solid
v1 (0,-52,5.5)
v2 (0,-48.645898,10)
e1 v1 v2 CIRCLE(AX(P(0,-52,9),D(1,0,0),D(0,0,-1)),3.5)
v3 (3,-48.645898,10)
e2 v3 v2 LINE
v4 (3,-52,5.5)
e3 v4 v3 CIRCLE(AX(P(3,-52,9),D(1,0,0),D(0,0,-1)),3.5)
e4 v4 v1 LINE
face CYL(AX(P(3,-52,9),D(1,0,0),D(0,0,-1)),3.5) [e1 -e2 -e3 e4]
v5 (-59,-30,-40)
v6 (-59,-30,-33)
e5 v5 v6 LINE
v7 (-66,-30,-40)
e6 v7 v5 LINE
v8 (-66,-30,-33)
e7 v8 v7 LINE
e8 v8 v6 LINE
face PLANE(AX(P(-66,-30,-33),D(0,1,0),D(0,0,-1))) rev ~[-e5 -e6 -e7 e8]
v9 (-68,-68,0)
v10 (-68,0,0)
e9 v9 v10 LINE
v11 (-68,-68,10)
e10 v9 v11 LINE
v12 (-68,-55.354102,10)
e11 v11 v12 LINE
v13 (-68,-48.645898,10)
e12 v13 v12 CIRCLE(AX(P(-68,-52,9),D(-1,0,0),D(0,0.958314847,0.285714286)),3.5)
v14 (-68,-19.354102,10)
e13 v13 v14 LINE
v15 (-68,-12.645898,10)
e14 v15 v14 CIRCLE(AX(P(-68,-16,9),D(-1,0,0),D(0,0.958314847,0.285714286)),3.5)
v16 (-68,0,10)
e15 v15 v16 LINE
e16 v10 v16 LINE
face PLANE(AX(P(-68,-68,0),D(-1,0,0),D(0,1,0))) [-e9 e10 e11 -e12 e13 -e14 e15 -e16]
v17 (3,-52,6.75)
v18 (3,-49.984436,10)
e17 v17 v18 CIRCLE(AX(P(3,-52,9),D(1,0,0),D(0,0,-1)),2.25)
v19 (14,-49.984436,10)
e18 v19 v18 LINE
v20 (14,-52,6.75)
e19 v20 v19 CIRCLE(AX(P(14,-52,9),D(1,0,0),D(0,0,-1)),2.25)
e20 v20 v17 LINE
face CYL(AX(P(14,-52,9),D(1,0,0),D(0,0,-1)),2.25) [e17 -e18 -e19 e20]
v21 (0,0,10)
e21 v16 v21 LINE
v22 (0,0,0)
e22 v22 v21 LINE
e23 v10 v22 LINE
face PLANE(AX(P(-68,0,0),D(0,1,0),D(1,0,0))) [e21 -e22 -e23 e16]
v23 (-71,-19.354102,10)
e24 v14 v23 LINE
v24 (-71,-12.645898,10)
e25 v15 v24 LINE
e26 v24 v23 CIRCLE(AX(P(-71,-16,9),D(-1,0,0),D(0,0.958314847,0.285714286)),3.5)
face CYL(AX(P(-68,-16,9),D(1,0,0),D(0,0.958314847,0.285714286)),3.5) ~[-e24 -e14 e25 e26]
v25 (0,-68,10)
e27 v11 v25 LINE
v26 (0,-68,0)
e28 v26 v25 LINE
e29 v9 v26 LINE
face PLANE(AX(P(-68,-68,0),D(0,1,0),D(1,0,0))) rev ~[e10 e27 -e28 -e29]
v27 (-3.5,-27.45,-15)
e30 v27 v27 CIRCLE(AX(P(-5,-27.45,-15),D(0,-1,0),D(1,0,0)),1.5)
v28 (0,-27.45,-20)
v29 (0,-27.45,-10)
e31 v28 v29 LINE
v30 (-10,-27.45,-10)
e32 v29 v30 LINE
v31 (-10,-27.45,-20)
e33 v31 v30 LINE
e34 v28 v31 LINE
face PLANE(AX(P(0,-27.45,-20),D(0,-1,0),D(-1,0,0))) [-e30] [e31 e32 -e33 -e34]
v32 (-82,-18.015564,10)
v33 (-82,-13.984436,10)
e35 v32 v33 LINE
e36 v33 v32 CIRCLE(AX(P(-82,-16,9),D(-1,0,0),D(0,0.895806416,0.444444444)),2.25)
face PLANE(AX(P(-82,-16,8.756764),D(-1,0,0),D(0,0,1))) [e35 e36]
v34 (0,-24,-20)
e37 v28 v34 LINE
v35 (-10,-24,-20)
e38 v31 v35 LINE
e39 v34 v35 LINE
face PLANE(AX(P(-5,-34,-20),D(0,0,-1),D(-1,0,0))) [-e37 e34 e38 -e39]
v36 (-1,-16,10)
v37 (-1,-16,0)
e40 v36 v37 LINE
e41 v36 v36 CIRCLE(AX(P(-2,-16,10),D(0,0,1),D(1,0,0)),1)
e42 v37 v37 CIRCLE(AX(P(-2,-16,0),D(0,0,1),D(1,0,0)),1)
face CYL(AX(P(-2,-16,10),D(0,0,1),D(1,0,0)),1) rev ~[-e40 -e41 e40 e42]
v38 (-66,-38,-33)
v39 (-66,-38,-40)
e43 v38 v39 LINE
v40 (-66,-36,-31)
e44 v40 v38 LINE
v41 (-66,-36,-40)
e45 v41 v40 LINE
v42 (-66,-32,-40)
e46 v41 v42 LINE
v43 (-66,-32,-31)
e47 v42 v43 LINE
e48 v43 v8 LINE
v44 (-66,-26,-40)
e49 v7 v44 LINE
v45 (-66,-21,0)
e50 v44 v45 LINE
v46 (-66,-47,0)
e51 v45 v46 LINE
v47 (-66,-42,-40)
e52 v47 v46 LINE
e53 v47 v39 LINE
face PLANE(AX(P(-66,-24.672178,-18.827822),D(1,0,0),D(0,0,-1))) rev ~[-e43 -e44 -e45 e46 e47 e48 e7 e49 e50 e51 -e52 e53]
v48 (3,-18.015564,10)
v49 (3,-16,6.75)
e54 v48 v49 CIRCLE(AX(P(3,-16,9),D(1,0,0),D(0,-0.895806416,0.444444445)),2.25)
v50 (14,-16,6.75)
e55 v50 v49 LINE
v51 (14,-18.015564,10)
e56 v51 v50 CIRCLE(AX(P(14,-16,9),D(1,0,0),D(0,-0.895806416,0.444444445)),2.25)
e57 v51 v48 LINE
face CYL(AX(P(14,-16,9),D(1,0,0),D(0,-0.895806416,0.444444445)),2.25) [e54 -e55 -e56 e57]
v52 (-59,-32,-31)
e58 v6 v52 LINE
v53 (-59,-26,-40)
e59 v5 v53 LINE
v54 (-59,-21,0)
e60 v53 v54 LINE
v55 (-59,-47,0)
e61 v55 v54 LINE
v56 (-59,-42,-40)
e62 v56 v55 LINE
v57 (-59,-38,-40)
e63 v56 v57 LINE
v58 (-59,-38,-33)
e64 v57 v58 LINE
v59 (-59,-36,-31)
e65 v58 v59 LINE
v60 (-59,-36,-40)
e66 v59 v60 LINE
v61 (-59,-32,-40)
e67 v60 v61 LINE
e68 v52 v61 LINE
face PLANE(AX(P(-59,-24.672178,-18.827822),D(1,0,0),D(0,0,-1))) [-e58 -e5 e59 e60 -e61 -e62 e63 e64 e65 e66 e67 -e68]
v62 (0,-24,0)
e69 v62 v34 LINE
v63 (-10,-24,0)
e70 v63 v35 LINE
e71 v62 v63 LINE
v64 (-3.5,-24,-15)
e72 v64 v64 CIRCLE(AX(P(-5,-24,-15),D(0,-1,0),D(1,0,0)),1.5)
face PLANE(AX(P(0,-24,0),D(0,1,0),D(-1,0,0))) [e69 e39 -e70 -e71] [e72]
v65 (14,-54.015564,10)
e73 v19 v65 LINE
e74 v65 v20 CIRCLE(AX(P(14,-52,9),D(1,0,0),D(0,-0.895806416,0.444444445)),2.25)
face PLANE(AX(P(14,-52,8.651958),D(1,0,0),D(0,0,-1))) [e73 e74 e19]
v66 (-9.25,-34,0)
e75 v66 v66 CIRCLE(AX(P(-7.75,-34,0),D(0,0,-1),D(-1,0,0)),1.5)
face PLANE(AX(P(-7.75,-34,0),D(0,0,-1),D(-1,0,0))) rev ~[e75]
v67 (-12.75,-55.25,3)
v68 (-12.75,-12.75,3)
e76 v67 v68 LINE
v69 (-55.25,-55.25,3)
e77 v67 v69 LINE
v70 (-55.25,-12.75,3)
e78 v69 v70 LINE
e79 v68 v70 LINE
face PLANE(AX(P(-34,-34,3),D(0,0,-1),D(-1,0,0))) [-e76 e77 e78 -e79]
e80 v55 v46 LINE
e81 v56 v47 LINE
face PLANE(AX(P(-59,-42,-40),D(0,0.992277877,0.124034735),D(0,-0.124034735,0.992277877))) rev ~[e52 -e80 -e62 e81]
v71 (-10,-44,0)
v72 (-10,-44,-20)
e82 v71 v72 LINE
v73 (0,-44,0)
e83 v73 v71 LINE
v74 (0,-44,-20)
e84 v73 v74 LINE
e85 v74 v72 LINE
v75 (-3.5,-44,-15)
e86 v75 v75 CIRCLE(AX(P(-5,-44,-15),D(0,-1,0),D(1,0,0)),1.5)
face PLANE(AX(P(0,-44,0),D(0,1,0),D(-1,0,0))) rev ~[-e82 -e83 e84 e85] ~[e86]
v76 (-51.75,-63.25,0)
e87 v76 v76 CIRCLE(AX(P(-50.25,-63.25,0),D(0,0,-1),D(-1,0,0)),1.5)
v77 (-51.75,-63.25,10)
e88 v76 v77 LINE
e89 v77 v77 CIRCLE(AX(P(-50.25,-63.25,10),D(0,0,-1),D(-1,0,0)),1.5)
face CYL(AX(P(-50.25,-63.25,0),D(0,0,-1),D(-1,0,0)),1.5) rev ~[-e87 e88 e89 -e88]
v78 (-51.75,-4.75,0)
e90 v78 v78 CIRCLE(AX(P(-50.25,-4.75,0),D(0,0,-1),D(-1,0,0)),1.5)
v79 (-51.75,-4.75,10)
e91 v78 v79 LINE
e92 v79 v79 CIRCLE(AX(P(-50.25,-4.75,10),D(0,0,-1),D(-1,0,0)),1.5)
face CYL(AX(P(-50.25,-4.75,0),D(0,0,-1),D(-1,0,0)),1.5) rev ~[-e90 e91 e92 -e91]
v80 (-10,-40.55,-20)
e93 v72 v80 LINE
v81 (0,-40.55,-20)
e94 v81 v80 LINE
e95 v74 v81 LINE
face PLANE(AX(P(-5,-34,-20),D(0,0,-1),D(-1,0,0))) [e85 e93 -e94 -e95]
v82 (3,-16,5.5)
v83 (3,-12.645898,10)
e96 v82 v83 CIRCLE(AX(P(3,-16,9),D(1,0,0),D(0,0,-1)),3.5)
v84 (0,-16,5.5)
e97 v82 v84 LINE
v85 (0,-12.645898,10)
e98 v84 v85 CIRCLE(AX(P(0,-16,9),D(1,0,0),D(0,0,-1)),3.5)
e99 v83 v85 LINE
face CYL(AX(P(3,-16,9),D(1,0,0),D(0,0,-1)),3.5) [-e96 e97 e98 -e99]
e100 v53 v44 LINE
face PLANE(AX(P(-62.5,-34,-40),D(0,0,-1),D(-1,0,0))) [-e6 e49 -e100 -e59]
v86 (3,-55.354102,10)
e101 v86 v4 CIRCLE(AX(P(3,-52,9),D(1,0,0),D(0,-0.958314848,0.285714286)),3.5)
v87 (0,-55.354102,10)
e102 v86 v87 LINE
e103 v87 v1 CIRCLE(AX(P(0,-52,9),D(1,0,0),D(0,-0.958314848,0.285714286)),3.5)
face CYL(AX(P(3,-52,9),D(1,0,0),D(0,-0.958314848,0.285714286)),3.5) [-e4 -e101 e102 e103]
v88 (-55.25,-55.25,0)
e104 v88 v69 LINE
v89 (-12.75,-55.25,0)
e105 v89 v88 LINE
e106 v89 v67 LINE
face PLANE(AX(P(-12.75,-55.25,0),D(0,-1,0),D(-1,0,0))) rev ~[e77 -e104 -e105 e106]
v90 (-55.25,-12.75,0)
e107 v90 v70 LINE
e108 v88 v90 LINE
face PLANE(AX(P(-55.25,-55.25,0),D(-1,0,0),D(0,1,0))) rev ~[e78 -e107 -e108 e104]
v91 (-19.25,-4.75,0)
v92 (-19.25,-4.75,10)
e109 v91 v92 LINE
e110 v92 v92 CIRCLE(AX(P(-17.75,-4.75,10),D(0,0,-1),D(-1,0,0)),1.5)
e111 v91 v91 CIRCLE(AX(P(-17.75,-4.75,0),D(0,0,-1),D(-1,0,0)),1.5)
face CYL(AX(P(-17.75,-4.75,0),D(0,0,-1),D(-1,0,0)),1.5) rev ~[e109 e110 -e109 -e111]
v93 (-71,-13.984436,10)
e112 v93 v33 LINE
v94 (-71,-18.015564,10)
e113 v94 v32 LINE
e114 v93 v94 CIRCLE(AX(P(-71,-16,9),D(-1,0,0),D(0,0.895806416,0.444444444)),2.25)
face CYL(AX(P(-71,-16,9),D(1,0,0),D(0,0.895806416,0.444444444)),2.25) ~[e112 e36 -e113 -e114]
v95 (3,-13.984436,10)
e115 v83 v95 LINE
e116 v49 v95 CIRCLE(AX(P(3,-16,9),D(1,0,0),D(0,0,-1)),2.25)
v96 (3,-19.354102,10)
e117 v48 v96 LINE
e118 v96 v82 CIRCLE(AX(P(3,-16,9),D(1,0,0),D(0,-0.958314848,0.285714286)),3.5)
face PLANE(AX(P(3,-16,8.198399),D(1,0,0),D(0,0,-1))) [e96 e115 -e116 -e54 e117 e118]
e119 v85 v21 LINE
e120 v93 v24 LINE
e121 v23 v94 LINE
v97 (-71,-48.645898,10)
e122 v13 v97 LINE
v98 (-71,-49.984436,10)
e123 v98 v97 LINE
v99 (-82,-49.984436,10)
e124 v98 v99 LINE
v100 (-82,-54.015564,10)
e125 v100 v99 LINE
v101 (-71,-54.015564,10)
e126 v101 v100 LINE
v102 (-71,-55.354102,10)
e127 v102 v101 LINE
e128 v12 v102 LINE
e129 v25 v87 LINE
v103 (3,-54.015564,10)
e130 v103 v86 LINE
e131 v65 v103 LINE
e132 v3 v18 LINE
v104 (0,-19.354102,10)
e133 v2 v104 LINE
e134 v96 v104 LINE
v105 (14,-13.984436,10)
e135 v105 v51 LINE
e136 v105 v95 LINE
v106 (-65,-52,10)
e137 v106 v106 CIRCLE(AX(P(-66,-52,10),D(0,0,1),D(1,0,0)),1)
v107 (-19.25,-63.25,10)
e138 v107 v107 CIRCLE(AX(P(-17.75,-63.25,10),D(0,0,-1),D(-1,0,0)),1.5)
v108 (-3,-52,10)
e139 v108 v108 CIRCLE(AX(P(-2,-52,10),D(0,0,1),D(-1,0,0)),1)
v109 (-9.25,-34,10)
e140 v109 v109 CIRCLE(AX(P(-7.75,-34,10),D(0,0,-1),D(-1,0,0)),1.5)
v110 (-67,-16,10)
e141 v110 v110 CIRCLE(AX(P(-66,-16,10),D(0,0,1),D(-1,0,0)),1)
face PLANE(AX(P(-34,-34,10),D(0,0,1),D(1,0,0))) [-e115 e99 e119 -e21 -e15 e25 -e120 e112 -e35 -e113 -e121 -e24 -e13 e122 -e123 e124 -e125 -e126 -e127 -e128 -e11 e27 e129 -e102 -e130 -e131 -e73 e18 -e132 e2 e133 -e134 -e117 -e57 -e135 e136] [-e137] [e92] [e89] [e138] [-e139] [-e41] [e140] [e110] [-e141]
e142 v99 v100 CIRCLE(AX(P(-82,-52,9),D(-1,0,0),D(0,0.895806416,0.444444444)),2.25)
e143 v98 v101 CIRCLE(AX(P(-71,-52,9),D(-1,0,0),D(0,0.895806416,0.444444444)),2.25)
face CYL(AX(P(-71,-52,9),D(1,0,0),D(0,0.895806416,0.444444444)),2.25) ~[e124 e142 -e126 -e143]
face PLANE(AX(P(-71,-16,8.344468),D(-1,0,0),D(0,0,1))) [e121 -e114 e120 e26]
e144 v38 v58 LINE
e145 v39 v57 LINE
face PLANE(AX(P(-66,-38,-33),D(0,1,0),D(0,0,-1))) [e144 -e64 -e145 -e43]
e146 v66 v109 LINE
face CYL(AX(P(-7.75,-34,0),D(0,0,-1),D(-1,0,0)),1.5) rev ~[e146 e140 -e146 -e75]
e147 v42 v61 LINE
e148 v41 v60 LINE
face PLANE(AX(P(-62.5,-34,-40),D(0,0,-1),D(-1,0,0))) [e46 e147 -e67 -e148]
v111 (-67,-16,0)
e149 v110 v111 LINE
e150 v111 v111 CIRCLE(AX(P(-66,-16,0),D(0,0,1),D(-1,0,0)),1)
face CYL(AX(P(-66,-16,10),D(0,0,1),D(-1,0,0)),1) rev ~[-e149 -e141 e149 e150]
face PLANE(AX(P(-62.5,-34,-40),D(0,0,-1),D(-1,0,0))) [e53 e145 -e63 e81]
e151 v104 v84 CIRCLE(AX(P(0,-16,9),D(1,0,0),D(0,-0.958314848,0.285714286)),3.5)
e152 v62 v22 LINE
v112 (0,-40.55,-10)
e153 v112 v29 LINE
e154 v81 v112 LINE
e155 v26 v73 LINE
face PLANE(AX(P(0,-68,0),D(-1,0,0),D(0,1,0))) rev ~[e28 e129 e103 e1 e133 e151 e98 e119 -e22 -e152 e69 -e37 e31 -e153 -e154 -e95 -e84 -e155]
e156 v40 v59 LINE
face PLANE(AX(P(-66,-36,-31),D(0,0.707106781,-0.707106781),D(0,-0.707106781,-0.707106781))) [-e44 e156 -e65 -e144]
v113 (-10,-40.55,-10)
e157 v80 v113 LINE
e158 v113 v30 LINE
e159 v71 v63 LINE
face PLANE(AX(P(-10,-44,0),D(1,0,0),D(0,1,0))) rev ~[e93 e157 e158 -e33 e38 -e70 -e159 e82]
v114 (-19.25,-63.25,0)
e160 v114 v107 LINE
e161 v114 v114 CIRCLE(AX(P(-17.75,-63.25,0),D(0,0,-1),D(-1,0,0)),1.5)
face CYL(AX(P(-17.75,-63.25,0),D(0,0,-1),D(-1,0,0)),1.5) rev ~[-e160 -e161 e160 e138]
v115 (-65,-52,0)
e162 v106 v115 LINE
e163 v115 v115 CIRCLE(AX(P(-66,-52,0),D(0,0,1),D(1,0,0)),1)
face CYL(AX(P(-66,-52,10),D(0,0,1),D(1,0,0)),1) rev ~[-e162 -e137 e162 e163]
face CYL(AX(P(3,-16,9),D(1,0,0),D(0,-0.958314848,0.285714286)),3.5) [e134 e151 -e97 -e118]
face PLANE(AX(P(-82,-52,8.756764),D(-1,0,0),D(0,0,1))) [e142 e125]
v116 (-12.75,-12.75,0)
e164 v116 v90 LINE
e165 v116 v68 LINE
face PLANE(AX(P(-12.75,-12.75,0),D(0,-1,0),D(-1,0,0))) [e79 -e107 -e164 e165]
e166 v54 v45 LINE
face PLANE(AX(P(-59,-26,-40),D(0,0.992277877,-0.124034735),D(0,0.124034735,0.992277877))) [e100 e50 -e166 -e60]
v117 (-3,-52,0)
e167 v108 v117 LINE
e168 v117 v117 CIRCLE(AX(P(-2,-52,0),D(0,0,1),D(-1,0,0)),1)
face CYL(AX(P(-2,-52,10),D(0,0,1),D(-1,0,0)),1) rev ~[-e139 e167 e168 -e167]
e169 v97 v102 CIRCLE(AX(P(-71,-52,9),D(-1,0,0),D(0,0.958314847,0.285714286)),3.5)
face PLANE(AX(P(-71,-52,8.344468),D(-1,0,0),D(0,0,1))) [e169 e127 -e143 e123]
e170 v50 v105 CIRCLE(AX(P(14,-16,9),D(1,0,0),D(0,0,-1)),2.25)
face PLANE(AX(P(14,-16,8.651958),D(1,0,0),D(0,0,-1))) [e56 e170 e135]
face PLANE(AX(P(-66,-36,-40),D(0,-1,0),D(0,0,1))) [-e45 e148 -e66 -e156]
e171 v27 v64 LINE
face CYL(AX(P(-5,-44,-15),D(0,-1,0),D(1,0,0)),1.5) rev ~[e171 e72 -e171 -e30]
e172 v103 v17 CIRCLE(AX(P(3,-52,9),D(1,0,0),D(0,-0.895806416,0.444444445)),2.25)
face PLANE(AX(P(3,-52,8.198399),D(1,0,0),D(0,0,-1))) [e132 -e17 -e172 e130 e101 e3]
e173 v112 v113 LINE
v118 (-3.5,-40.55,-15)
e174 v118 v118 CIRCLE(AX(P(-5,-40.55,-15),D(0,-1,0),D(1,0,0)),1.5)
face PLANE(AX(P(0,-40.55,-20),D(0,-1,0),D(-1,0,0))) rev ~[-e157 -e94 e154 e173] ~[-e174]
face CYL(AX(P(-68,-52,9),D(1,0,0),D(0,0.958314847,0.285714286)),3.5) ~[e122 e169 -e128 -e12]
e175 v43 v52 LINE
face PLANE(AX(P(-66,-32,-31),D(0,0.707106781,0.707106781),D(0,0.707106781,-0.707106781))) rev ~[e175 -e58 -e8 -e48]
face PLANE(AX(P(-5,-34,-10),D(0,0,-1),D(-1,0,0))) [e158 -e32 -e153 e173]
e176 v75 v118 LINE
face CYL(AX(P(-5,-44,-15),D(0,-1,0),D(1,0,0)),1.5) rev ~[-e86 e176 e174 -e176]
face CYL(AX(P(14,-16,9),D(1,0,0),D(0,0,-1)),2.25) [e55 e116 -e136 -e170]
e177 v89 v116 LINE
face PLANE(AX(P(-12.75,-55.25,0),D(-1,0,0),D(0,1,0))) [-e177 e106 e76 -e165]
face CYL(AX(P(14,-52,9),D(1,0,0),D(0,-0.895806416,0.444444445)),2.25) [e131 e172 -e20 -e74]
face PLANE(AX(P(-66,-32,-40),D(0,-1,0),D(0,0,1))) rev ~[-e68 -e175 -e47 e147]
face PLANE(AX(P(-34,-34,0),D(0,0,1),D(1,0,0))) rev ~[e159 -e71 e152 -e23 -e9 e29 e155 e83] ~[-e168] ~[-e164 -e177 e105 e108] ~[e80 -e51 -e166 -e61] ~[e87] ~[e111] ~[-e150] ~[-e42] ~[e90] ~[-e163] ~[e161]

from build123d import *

# Parameters (mm, degrees)
SKETCH1_W           = 68
SKETCH1_H           = 68
BOSS_EXTRUDE1_DEPTH = 10
BOSS_EXTRUDE2_DEPTH = 3
BOSS_EXTRUDE3_DEPTH = 11
BOSS_EXTRUDE4_START = 3
BOSS_EXTRUDE4_DEPTH = 3
BOSS_EXTRUDE5_START = 11
BOSS_EXTRUDE5_DEPTH = 11
SKETCH6_W           = 42.5
SKETCH6_H           = 42.5
CUT_EXTRUDE1_DEPTH  = 3
SKETCH8_R           = 1.5
CUT_EXTRUDE2_DEPTH  = 15
SKETCH9_W           = 10
SKETCH9_H           = 20
BOSS_EXTRUDE6_DEPTH = 20
SKETCH10_R          = 1.5
CUT_EXTRUDE3_DEPTH  = 10
SKETCH11_R          = 1
CUT_EXTRUDE4_DEPTH  = 20
SKETCH13_W          = 7
SKETCH13_H          = 16
BOSS_EXTRUDE7_DEPTH = 40
CUT_EXTRUDE5_DEPTH  = 10
BOSS_EXTRUDE8_START = -7
BOSS_EXTRUDE8_DEPTH = 7
SKETCH17_W          = 10
SKETCH17_H          = 13.1
CUT_EXTRUDE6_DEPTH  = 10
SKETCH18_R          = 1.5
CUT_EXTRUDE7_DEPTH  = 30


with BuildPart() as part:
    # Sketch1 → Boss-Extrude1 (new body)
    with BuildSketch(Plane.XY):
        with Locations((-34, -34)):
            Rectangle(SKETCH1_W, SKETCH1_H)
    extrude(amount=BOSS_EXTRUDE1_DEPTH)

    # Sketch2 → Boss-Extrude2 (add)
    with BuildSketch(Plane.ZY.offset(68)):
        with BuildLine():
            Line((10, -19.354101966), (10, -12.645898034))
            ThreePointArc((10, -12.645898034), (5.5, -16), (10, -19.354101966))
        make_face()
        with BuildLine():
            Line((10, -55.354101966), (10, -48.645898034))
            ThreePointArc((10, -48.645898034), (5.5, -52), (10, -55.354101966))
        make_face()
    extrude(amount=BOSS_EXTRUDE2_DEPTH)

    # Sketch3 → Boss-Extrude3 (add)
    with BuildSketch(Plane.ZY.offset(71)):
        with BuildLine():
            ThreePointArc((10, -49.984435563), (6.75, -52), (10, -54.015564437))
            Line((10, -54.015564437), (10, -49.984435563))
        make_face()
        with BuildLine():
            ThreePointArc((10, -13.984435563), (6.75, -16), (10, -18.015564437))
            Line((10, -18.015564437), (10, -13.984435563))
        make_face()
    extrude(amount=BOSS_EXTRUDE3_DEPTH)

    # Sketch4 → Boss-Extrude4 (add)
    with BuildSketch(Plane(origin=(0, 0, 0), x_dir=(0, 0, -1), z_dir=(1, 0, 0)).offset(BOSS_EXTRUDE4_START)):
        with BuildLine():
            ThreePointArc((-5.5, -16), (-6.908349934, -13.19375696), (-10, -12.645898034))
            Line((-10, -12.645898034), (-10, -19.354101966))
            ThreePointArc((-10, -19.354101966), (-6.908349934, -18.80624304), (-5.5, -16))
        make_face()
        with BuildLine():
            ThreePointArc((-5.5, -52), (-6.908349934, -49.19375696), (-10, -48.645898034))
            Line((-10, -48.645898034), (-10, -55.354101966))
            ThreePointArc((-10, -55.354101966), (-6.908349934, -54.80624304), (-5.5, -52))
        make_face()
    extrude(amount=-BOSS_EXTRUDE4_DEPTH)

    # Sketch5 → Boss-Extrude5 (add)
    with BuildSketch(Plane(origin=(3, 0, 0), x_dir=(0, 0, -1), z_dir=(1, 0, 0)).offset(BOSS_EXTRUDE5_START)):
        with BuildLine():
            ThreePointArc((-6.75, -16), (-7.814145877, -14.087867682), (-10, -13.984435563))
            Line((-10, -13.984435563), (-10, -18.015564437))
            ThreePointArc((-10, -18.015564437), (-7.814145877, -17.912132318), (-6.75, -16))
        make_face()
        with BuildLine():
            ThreePointArc((-6.75, -52), (-7.814145877, -50.087867682), (-10, -49.984435563))
            Line((-10, -49.984435563), (-10, -54.015564437))
            ThreePointArc((-10, -54.015564437), (-7.814145877, -53.912132318), (-6.75, -52))
        make_face()
    extrude(amount=-BOSS_EXTRUDE5_DEPTH)

    # Sketch6 → Cut-Extrude1 (cut)
    with BuildSketch(Plane(origin=(0, 0, 0), x_dir=(-1, 0, 0), z_dir=(0, 0, -1))):
        with Locations((34, -34)):
            Rectangle(SKETCH6_W, SKETCH6_H)
    extrude(amount=-CUT_EXTRUDE1_DEPTH, mode=Mode.SUBTRACT)

    # Sketch8 → Cut-Extrude2 (cut)
    with BuildSketch(Plane(origin=(0, 0, 0), x_dir=(-1, 0, 0), z_dir=(0, 0, -1))):
        with Locations((17.75, -4.75)):
            Circle(SKETCH8_R)
        with Locations((50.25, -4.75)):
            Circle(SKETCH8_R)
        with Locations((50.25, -63.25)):
            Circle(SKETCH8_R)
        with Locations((17.75, -63.25)):
            Circle(SKETCH8_R)
    extrude(amount=-CUT_EXTRUDE2_DEPTH, mode=Mode.SUBTRACT)

    # Sketch9 → Boss-Extrude6 (add)
    with BuildSketch(Plane(origin=(0, 0, 0), x_dir=(-1, 0, 0), z_dir=(0, 0, -1))):
        with Locations((5, -34)):
            Rectangle(SKETCH9_W, SKETCH9_H)
    extrude(amount=BOSS_EXTRUDE6_DEPTH)

    # Sketch10 → Cut-Extrude3 (cut)
    with BuildSketch(Plane(origin=(0, 0, 0), x_dir=(-1, 0, 0), z_dir=(0, 0, -1))):
        with Locations((7.75, -34)):
            Circle(SKETCH10_R)
        with Locations((7.75, -78)):
            Circle(SKETCH10_R)
    extrude(amount=-CUT_EXTRUDE3_DEPTH, mode=Mode.SUBTRACT)

    # Sketch11 → Cut-Extrude4 (cut)
    with BuildSketch(Plane.XY.offset(10)):
        with Locations((-66, -52)):
            Circle(SKETCH11_R)
        with Locations(Location((-66, -16, 0), (0, 0, 180))):
            Circle(SKETCH11_R)
        with Locations(Location((-2, -52, 0), (0, 0, 180))):
            Circle(SKETCH11_R)
        with Locations((-2, -16)):
            Circle(SKETCH11_R)
    extrude(amount=-CUT_EXTRUDE4_DEPTH, mode=Mode.SUBTRACT)

    # Sketch13 → Boss-Extrude7 (add)
    with BuildSketch(Plane(origin=(0, 0, 0), x_dir=(-1, 0, 0), z_dir=(0, 0, -1))):
        with Locations((62.5, -34)):
            Rectangle(SKETCH13_W, SKETCH13_H)
    extrude(amount=BOSS_EXTRUDE7_DEPTH)

    # Sketch15 → Cut-Extrude5 (cut)
    with BuildSketch(Plane.ZY.offset(66)):
        Polygon((-40, -32), (-31, -32), (-33, -30), (-40, -30), align=None)
        Polygon((-40, -38), (-40, -36), (-31, -36), (-33, -38), align=None)
    extrude(amount=-CUT_EXTRUDE5_DEPTH, mode=Mode.SUBTRACT)

    # Sketch16 → Boss-Extrude8 (add)
    with BuildSketch(Plane.ZY.offset(66).offset(BOSS_EXTRUDE8_START)):
        Polygon((0, -26), (-40, -26), (0, -21), align=None)
        Polygon((-40, -42), (0, -47), (0, -42), align=None)
    extrude(amount=BOSS_EXTRUDE8_DEPTH)

    # Sketch17 → Cut-Extrude6 (cut)
    with BuildSketch(Plane(origin=(0, 0, -20), x_dir=(-1, 0, 0), z_dir=(0, 0, -1))):
        with Locations((5, -34)):
            Rectangle(SKETCH17_W, SKETCH17_H)
    extrude(amount=-CUT_EXTRUDE6_DEPTH, mode=Mode.SUBTRACT)

    # Sketch18 → Cut-Extrude7 (cut)
    with BuildSketch(Plane(origin=(0, -44, 0), x_dir=(-1, 0, 0), z_dir=(0, -1, 0))):
        with Locations(Location((5, 15, 0), (0, 0, 180))):
            Circle(SKETCH18_R)
    extrude(amount=-CUT_EXTRUDE7_DEPTH, mode=Mode.SUBTRACT)


solid = part.part
